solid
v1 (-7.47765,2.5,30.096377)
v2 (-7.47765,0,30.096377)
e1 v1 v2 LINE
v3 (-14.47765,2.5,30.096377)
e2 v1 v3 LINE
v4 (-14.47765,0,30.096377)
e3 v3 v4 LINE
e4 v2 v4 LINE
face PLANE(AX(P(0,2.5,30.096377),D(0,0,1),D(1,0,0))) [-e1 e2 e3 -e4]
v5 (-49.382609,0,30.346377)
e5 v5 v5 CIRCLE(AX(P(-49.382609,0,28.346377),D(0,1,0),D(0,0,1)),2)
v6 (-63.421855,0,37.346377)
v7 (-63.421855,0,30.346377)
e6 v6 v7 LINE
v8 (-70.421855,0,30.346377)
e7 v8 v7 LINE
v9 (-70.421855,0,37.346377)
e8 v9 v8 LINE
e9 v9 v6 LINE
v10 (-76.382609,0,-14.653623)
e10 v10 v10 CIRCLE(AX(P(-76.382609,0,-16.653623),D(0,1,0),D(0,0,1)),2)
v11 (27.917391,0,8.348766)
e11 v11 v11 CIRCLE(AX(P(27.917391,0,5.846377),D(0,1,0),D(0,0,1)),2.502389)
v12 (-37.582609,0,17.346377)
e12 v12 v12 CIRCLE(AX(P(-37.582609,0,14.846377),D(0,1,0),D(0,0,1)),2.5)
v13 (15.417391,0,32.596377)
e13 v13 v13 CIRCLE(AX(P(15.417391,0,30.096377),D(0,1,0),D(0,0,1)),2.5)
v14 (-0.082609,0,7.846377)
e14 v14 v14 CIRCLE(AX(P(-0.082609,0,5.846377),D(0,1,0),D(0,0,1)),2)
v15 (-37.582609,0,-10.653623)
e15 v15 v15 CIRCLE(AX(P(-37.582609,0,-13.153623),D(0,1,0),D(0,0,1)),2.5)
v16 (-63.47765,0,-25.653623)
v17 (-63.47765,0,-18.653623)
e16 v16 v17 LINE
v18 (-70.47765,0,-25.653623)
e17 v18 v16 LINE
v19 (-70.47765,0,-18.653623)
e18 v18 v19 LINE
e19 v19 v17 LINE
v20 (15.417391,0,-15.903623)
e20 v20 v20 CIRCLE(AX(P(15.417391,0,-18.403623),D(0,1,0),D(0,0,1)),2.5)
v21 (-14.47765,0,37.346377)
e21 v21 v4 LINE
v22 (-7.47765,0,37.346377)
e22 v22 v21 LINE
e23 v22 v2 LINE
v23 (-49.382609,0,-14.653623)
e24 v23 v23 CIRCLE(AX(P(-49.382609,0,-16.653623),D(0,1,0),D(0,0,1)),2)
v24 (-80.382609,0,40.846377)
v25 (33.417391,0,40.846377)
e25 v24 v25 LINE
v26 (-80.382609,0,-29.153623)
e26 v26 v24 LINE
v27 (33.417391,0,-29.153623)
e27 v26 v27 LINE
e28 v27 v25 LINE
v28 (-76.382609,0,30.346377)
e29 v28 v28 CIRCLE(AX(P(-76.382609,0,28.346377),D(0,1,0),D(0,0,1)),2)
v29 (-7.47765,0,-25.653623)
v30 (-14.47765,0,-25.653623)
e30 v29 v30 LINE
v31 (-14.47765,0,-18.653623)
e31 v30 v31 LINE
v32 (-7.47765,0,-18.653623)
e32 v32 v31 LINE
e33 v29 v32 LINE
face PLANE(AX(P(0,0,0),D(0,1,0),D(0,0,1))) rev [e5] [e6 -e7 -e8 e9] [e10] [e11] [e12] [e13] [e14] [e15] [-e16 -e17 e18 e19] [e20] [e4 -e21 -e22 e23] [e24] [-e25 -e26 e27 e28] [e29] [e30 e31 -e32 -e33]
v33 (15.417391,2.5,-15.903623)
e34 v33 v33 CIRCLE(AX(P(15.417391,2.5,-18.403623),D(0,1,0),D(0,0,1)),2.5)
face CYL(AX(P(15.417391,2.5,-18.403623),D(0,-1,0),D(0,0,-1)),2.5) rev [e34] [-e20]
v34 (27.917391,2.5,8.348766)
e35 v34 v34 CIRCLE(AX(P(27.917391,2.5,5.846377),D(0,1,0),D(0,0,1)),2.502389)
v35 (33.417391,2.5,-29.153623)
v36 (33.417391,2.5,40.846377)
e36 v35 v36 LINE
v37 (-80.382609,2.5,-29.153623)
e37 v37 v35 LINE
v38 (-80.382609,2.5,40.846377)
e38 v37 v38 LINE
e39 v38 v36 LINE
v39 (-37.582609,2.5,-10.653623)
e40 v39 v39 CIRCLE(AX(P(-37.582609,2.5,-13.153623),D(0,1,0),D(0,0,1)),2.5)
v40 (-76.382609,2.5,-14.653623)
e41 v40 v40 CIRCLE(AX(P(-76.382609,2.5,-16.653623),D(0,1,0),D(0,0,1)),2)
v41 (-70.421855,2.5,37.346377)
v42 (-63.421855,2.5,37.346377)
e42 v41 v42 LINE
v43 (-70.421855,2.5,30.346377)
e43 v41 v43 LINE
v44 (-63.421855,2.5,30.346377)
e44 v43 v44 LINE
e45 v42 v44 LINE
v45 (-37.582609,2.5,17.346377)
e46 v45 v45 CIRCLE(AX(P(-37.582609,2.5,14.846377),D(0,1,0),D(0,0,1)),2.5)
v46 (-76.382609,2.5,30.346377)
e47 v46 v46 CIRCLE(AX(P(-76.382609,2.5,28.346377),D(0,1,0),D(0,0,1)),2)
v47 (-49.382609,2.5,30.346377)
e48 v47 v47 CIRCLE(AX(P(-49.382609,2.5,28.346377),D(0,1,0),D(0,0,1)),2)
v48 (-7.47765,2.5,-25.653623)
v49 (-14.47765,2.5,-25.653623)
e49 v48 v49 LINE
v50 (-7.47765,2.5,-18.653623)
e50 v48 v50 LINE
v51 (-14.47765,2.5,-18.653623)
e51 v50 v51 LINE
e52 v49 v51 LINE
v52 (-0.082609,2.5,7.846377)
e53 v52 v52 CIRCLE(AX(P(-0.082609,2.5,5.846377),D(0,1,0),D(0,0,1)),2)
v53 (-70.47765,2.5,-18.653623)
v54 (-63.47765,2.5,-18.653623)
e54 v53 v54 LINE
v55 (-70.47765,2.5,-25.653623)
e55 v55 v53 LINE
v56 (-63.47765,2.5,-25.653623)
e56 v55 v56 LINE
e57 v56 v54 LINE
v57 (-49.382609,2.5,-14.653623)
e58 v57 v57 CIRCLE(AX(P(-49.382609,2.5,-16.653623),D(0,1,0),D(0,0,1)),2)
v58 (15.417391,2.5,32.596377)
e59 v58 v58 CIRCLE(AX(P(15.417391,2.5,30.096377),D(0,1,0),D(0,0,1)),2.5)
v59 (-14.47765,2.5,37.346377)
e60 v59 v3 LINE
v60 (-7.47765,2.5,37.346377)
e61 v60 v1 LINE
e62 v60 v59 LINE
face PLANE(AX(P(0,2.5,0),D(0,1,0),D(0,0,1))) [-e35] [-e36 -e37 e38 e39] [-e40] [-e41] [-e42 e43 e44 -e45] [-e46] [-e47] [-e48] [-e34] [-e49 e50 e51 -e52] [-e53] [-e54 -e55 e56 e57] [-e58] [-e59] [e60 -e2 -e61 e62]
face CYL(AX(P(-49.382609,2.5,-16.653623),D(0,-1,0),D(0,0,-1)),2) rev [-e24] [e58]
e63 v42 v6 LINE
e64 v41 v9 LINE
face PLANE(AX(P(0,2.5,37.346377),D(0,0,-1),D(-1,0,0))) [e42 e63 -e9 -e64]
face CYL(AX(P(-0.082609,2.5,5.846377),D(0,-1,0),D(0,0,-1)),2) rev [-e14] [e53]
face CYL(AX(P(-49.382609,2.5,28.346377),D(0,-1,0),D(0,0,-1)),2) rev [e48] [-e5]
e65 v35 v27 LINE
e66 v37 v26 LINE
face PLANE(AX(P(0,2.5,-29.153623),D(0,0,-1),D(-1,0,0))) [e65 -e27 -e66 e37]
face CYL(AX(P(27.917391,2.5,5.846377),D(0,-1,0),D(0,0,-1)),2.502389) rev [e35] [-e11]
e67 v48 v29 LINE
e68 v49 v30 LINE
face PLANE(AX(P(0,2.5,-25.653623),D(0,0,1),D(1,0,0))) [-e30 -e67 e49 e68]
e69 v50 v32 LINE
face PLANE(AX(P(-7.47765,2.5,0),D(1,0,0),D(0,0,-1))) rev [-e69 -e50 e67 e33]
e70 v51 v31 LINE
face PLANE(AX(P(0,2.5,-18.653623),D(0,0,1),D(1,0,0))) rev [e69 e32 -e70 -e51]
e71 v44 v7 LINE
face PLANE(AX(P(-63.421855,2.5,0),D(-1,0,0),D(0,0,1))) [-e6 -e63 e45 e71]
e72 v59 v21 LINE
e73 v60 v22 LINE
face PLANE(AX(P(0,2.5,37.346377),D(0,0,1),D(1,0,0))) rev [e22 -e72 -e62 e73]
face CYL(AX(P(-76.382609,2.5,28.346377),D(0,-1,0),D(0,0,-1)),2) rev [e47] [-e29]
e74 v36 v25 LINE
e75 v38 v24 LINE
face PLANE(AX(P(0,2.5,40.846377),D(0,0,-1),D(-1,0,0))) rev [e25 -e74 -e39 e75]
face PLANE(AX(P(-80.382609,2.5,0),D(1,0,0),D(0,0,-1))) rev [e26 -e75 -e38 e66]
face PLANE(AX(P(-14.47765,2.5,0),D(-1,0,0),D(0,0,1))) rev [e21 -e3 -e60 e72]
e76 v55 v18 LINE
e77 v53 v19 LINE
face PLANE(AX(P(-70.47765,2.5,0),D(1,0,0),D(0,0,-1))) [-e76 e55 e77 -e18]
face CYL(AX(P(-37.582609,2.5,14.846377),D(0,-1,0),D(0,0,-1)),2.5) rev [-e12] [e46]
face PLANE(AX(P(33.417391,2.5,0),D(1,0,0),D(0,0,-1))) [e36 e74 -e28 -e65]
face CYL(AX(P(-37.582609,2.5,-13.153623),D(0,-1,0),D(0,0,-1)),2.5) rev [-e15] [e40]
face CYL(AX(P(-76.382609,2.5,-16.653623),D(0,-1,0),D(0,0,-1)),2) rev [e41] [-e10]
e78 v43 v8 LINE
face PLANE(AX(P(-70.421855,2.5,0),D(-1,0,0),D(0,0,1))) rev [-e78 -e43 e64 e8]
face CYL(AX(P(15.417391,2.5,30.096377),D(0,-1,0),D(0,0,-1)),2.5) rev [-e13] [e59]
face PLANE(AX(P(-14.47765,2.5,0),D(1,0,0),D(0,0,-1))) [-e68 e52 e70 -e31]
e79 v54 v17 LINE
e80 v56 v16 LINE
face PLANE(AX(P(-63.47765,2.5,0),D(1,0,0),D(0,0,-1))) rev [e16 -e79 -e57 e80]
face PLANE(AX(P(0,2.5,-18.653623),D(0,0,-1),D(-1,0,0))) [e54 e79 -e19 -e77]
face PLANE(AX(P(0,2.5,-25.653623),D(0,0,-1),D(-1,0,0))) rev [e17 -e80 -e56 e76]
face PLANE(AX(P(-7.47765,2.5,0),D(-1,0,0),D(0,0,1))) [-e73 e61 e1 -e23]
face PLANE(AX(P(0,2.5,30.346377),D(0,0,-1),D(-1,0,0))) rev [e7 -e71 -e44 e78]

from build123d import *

# Parameters (mm, degrees)
SKETCH1_W           = 7
SKETCH1_H           = 7
SKETCH1_R           = 2
SKETCH1_R_2         = 2.5
SKETCH1_H_2         = 7.25
SKETCH1_R_3         = 2.502389359
BOSS_EXTRUDE1_DEPTH = 2.5


with BuildPart() as part:
    # Sketch1 → Boss-Extrude1 (new body)
    with BuildSketch(Plane(origin=(0, 0, 0), x_dir=(1, 0, 0), z_dir=(0, 1, 0))):
        Polygon((-45.382608696, 29.153623188), (-80.382608696, 29.153623188), (-80.382608696, 25.653623188), (-80.382608696, 16.653623188), (-80.382608696, 4.153623188), (-80.382608696, -15.846376812), (-80.382608696, -28.346376812), (-80.382608696, -37.346376812), (-80.382608696, -40.846376812), (33.417391304, -40.846376812), (33.417391304, -5.846376812), (33.417391304, 29.153623188), (15.417391304, 29.153623188), (-37.582608696, 29.153623188), align=None)
        with Locations((-66.92185538, -33.846376812)):
            Rectangle(SKETCH1_W, SKETCH1_H, mode=Mode.SUBTRACT)
        with Locations(Location((-76.382608696, -28.346376812, 0), (0, 0, 270))):
            Circle(SKETCH1_R, mode=Mode.SUBTRACT)
        with Locations(Location((-49.382608696, -28.346376812, 0), (0, 0, 270))):
            Circle(SKETCH1_R, mode=Mode.SUBTRACT)
        with Locations(Location((-37.582608696, -14.846376812, 0), (0, 0, 270))):
            Circle(SKETCH1_R_2, mode=Mode.SUBTRACT)
        with Locations((-10.97764978, -33.721376812)):
            Rectangle(SKETCH1_W, SKETCH1_H_2, mode=Mode.SUBTRACT)
        with Locations(Location((15.417391304, -30.096376812, 0), (0, 0, 270))):
            Circle(SKETCH1_R_2, mode=Mode.SUBTRACT)
        with Locations(Location((-0.082608696, -5.846376812, 0), (0, 0, 270))):
            Circle(SKETCH1_R, mode=Mode.SUBTRACT)
        with Locations(Location((-76.382608696, 16.653623188, 0), (0, 0, 270))):
            Circle(SKETCH1_R, mode=Mode.SUBTRACT)
        Polygon((-70.47764978, 18.653623188), (-70.47764978, 25.653623188), (-70.42185538, 25.653623188), (-63.47764978, 25.653623188), (-63.47764978, 18.653623188), (-70.42185538, 18.653623188), align=None, mode=Mode.SUBTRACT)
        with Locations(Location((-49.382608696, 16.653623188, 0), (0, 0, 270))):
            Circle(SKETCH1_R, mode=Mode.SUBTRACT)
        with Locations(Location((-37.582608696, 13.153623188, 0), (0, 0, 270))):
            Circle(SKETCH1_R_2, mode=Mode.SUBTRACT)
        with Locations(Location((27.917391304, -5.846376812, 0), (0, 0, 270))):
            Circle(SKETCH1_R_3, mode=Mode.SUBTRACT)
        with Locations((-10.97764978, 22.153623188)):
            Rectangle(SKETCH1_W, SKETCH1_H, mode=Mode.SUBTRACT)
        with Locations(Location((15.417391304, 18.403623188, 0), (0, 0, 270))):
            Circle(SKETCH1_R_2, mode=Mode.SUBTRACT)
    extrude(amount=BOSS_EXTRUDE1_DEPTH)


solid = part.part
